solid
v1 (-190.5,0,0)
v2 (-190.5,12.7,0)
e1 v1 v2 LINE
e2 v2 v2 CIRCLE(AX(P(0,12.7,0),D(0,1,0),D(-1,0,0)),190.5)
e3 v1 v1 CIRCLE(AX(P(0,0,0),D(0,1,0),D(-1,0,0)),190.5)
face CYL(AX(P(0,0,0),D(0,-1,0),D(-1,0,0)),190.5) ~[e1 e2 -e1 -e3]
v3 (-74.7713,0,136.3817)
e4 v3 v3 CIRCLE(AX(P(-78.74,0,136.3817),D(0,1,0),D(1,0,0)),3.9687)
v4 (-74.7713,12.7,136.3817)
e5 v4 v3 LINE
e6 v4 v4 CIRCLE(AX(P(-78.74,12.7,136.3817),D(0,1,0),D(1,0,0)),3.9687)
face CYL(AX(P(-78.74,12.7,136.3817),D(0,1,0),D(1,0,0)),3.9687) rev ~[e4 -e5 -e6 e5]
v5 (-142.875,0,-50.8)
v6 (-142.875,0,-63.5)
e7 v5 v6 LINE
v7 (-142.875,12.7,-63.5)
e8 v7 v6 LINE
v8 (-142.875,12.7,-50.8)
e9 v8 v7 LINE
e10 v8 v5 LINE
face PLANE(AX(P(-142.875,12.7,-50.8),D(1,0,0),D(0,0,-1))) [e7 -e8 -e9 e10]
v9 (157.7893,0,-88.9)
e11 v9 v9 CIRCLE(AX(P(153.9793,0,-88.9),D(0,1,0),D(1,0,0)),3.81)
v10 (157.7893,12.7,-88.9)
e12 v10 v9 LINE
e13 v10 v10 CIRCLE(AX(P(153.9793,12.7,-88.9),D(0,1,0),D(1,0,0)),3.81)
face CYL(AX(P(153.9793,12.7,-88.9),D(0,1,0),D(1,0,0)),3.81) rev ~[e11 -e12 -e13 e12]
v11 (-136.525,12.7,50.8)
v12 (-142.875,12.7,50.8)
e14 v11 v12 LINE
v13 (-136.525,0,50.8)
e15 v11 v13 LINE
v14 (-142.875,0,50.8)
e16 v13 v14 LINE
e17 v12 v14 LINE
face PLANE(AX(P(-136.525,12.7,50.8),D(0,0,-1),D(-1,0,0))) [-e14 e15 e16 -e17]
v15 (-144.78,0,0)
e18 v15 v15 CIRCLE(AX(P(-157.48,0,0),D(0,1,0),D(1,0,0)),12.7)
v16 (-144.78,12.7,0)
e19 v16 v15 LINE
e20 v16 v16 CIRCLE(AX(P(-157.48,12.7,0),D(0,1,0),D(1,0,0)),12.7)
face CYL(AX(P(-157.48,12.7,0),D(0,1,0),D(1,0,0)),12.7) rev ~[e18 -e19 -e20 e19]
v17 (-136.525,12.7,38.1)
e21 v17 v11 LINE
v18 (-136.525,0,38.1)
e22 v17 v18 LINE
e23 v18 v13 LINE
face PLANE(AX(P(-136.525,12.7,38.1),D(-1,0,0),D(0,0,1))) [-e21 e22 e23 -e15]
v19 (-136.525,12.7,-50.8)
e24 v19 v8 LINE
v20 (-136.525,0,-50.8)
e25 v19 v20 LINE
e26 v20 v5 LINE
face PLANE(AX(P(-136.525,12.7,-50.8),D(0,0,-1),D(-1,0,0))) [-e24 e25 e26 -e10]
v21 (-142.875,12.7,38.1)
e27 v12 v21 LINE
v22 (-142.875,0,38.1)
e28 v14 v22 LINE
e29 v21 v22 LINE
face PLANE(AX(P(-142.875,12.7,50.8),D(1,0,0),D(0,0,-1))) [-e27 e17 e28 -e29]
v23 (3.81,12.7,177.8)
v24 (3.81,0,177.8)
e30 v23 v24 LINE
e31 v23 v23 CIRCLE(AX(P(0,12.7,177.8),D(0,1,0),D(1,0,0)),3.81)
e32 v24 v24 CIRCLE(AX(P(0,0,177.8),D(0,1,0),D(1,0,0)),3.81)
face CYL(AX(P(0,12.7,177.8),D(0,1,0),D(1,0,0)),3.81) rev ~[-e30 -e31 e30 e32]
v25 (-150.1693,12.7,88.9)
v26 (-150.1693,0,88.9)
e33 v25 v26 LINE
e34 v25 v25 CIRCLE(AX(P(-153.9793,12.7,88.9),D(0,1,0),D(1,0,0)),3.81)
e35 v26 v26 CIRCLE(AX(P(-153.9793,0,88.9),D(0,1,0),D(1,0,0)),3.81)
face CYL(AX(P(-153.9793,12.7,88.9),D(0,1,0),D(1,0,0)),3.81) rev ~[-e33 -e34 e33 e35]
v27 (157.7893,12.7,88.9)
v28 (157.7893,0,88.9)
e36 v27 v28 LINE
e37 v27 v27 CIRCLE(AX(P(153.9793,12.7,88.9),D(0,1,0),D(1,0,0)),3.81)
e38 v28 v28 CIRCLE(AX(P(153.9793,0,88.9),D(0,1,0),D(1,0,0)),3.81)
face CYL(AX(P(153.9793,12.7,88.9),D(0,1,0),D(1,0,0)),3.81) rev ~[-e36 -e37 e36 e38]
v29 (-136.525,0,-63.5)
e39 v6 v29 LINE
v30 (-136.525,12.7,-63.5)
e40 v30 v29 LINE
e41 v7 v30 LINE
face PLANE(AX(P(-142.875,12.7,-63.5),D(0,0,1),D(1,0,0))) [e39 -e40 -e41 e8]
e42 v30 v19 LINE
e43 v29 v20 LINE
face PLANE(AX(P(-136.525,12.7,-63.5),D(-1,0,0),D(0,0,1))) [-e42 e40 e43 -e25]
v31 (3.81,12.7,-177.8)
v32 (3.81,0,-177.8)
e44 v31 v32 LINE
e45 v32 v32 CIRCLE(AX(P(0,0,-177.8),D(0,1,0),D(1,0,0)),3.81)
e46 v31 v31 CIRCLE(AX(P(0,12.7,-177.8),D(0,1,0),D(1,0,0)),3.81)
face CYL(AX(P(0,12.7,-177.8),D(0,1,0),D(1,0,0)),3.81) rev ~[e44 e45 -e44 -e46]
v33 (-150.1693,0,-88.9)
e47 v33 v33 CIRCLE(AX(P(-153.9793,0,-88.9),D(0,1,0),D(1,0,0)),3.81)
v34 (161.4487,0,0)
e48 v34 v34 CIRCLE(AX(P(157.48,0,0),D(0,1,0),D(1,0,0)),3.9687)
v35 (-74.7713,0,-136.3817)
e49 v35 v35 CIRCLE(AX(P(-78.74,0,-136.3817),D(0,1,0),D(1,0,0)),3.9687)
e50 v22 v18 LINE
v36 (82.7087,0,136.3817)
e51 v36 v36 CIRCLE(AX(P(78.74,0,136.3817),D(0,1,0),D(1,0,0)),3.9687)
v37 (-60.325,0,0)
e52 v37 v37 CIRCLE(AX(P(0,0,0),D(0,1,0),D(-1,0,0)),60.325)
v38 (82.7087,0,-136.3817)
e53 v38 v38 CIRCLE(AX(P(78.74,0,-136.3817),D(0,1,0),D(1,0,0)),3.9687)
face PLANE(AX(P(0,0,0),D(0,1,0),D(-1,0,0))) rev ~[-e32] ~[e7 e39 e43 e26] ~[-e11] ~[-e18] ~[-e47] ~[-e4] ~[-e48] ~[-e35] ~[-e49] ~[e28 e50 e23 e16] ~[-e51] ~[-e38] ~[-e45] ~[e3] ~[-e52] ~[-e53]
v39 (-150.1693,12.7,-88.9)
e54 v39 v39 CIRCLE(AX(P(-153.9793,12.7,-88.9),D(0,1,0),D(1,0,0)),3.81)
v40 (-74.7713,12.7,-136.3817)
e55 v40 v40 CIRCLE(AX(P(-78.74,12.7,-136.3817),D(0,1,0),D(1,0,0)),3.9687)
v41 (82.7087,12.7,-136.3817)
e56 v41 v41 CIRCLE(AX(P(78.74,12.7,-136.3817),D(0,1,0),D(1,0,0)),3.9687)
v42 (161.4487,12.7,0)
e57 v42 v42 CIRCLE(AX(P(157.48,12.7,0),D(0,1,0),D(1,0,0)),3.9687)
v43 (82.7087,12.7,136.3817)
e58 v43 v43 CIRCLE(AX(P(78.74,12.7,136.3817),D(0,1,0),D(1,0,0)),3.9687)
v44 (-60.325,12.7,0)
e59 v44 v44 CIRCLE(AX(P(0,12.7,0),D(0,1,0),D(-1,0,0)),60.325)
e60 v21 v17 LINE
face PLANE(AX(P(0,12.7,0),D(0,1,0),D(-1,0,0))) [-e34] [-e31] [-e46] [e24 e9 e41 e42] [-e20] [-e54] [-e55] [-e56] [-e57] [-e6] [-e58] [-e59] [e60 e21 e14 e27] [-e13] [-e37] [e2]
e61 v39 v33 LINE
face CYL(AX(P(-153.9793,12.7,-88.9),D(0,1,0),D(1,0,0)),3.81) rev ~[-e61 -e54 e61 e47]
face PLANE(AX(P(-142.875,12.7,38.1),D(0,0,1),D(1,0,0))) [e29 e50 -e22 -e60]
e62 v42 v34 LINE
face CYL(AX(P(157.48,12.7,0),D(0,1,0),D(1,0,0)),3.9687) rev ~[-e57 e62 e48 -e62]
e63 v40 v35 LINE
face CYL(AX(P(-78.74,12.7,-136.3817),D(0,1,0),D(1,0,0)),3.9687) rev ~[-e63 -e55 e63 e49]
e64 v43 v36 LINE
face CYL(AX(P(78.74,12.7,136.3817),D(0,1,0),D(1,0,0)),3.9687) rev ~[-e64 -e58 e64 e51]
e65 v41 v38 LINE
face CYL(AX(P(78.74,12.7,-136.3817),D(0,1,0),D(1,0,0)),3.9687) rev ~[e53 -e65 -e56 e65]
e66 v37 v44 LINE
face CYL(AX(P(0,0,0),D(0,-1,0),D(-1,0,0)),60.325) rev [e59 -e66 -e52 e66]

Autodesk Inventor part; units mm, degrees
ref_plane "YZ Plane" through (0, 0, 0) normal (1, 0, 0) x (0, 1, 0)
ref_plane "XZ Plane" through (0, 0, 0) normal (0, 1, 0) x (-1, 0, 0)
ref_plane "XY Plane" through (0, 0, 0) normal (0, 0, 1) x (1, 0, 0)
sketch "Sketch1" plane through (0, 0, 0) normal (0, 1, 0) x (-1, 0, 0)
  circle A0 centre (0, 0) radius 190.5
  circle A1 centre (0, 0) radius 60.325
  dimension "d0" = 381
  dimension "d1" = 120.65
extrude "Extrusion1" add sketch "Sketch1" along normal blind 12.7
sketch "Sketch2" plane through (0, 12.7, 0) normal (0, 1, 0) x (1, 0, 0)
  line L0 (-142.875, 63.5) -> (-136.525, 63.5)
  line L1 (-136.525, 63.5) -> (-136.525, 50.8)
  line L2 (-136.525, 50.8) -> (-142.875, 50.8)
  line L3 (-142.875, 50.8) -> (-142.875, 63.5)
  line L4 (-136.525, 50.8) -> (-136.525, -50.8) construction
  line L5 (-111.125, 50.8) -> (-212.725, 50.8) construction
  line L6 (-136.525, -50.8) -> (-142.875, -50.8)
  line L7 (-142.875, -50.8) -> (-142.875, -38.1)
  line L8 (-142.875, -38.1) -> (-136.525, -38.1)
  line L9 (-136.525, -38.1) -> (-136.525, -50.8)
  line L10 (-136.525, 0) -> (-60.325, 0) construction
  line L11 (-136.525, 0) -> (-60.325, 0) construction
  circle A0 centre (0, 0) radius 85.725 construction
  line L12 (0, 0) -> (-85.725, 0) construction
  dimension "d4" = 6.35
  dimension "d5" = 12.7
  dimension "d6" = 101.6
  dimension "d7" = 90
  dimension "d8" = 6.35
  dimension "d9" = 12.7
  dimension "d10" = 76.2
  dimension "d11" = 0
extrude "Extrusion2" cut sketch "Sketch2" against normal through all
sketch "Sketch3" plane through (0, 12.7, 0) normal (0, 1, 0) x (1, 0, 0)
  circle A0 centre (0, 0) radius 157.48 construction
  circle A1 centre (-157.48, 0) radius 3.9687
  circle A2 centre (-78.74, -136.3817) radius 3.9687
  circle A3 centre (78.74, -136.3817) radius 3.9687
  circle A4 centre (157.48, 0) radius 3.9687
  circle A5 centre (78.74, 136.3817) radius 3.9687
  circle A6 centre (-78.74, 136.3817) radius 3.9687
  dimension "d16" = 314.96
  dimension "d17" = 7.9375
  dimension "d18" = 360
extrude "Extrusion3" cut sketch "Sketch3" against normal through all
sketch "Sketch4" plane through (0, 12.7, 0) normal (0, 1, 0) x (1, 0, 0)
  line L0 (0, 0) -> (0, -177.8) construction
  line L1 (0, 0) -> (177.8, 0) construction
  circle A0 centre (0, -177.8) radius 3.81
  circle A1 centre (153.9793, -88.9) radius 3.81
  circle A2 centre (153.9793, 88.9) radius 3.81
  circle A3 centre (0, 177.8) radius 3.81
  circle A4 centre (-153.9793, 88.9) radius 3.81
  circle A5 centre (-153.9793, -88.9) radius 3.81
  dimension "d21" = 177.8
  dimension "d22" = 90
  dimension "d23" = 7.62
  dimension "d26" = 360
extrude "Extrusion4" cut sketch "Sketch4" against normal through all
sketch "Sketch5" plane through (0, 12.7, 0) normal (0, 1, 0) x (1, 0, 0)
  circle A0 centre (-157.48, 0) radius 3.9687 projected
  circle A1 centre (-157.48, 0) radius 12.7
  point P0 (0, 0)
  dimension "d30" = 25.4
extrude "Extrusion5" cut sketch "Sketch5" against normal through all
equation "\"d4\" = d8"
properties part number "Turntable Top" material "PVC-Piping"
